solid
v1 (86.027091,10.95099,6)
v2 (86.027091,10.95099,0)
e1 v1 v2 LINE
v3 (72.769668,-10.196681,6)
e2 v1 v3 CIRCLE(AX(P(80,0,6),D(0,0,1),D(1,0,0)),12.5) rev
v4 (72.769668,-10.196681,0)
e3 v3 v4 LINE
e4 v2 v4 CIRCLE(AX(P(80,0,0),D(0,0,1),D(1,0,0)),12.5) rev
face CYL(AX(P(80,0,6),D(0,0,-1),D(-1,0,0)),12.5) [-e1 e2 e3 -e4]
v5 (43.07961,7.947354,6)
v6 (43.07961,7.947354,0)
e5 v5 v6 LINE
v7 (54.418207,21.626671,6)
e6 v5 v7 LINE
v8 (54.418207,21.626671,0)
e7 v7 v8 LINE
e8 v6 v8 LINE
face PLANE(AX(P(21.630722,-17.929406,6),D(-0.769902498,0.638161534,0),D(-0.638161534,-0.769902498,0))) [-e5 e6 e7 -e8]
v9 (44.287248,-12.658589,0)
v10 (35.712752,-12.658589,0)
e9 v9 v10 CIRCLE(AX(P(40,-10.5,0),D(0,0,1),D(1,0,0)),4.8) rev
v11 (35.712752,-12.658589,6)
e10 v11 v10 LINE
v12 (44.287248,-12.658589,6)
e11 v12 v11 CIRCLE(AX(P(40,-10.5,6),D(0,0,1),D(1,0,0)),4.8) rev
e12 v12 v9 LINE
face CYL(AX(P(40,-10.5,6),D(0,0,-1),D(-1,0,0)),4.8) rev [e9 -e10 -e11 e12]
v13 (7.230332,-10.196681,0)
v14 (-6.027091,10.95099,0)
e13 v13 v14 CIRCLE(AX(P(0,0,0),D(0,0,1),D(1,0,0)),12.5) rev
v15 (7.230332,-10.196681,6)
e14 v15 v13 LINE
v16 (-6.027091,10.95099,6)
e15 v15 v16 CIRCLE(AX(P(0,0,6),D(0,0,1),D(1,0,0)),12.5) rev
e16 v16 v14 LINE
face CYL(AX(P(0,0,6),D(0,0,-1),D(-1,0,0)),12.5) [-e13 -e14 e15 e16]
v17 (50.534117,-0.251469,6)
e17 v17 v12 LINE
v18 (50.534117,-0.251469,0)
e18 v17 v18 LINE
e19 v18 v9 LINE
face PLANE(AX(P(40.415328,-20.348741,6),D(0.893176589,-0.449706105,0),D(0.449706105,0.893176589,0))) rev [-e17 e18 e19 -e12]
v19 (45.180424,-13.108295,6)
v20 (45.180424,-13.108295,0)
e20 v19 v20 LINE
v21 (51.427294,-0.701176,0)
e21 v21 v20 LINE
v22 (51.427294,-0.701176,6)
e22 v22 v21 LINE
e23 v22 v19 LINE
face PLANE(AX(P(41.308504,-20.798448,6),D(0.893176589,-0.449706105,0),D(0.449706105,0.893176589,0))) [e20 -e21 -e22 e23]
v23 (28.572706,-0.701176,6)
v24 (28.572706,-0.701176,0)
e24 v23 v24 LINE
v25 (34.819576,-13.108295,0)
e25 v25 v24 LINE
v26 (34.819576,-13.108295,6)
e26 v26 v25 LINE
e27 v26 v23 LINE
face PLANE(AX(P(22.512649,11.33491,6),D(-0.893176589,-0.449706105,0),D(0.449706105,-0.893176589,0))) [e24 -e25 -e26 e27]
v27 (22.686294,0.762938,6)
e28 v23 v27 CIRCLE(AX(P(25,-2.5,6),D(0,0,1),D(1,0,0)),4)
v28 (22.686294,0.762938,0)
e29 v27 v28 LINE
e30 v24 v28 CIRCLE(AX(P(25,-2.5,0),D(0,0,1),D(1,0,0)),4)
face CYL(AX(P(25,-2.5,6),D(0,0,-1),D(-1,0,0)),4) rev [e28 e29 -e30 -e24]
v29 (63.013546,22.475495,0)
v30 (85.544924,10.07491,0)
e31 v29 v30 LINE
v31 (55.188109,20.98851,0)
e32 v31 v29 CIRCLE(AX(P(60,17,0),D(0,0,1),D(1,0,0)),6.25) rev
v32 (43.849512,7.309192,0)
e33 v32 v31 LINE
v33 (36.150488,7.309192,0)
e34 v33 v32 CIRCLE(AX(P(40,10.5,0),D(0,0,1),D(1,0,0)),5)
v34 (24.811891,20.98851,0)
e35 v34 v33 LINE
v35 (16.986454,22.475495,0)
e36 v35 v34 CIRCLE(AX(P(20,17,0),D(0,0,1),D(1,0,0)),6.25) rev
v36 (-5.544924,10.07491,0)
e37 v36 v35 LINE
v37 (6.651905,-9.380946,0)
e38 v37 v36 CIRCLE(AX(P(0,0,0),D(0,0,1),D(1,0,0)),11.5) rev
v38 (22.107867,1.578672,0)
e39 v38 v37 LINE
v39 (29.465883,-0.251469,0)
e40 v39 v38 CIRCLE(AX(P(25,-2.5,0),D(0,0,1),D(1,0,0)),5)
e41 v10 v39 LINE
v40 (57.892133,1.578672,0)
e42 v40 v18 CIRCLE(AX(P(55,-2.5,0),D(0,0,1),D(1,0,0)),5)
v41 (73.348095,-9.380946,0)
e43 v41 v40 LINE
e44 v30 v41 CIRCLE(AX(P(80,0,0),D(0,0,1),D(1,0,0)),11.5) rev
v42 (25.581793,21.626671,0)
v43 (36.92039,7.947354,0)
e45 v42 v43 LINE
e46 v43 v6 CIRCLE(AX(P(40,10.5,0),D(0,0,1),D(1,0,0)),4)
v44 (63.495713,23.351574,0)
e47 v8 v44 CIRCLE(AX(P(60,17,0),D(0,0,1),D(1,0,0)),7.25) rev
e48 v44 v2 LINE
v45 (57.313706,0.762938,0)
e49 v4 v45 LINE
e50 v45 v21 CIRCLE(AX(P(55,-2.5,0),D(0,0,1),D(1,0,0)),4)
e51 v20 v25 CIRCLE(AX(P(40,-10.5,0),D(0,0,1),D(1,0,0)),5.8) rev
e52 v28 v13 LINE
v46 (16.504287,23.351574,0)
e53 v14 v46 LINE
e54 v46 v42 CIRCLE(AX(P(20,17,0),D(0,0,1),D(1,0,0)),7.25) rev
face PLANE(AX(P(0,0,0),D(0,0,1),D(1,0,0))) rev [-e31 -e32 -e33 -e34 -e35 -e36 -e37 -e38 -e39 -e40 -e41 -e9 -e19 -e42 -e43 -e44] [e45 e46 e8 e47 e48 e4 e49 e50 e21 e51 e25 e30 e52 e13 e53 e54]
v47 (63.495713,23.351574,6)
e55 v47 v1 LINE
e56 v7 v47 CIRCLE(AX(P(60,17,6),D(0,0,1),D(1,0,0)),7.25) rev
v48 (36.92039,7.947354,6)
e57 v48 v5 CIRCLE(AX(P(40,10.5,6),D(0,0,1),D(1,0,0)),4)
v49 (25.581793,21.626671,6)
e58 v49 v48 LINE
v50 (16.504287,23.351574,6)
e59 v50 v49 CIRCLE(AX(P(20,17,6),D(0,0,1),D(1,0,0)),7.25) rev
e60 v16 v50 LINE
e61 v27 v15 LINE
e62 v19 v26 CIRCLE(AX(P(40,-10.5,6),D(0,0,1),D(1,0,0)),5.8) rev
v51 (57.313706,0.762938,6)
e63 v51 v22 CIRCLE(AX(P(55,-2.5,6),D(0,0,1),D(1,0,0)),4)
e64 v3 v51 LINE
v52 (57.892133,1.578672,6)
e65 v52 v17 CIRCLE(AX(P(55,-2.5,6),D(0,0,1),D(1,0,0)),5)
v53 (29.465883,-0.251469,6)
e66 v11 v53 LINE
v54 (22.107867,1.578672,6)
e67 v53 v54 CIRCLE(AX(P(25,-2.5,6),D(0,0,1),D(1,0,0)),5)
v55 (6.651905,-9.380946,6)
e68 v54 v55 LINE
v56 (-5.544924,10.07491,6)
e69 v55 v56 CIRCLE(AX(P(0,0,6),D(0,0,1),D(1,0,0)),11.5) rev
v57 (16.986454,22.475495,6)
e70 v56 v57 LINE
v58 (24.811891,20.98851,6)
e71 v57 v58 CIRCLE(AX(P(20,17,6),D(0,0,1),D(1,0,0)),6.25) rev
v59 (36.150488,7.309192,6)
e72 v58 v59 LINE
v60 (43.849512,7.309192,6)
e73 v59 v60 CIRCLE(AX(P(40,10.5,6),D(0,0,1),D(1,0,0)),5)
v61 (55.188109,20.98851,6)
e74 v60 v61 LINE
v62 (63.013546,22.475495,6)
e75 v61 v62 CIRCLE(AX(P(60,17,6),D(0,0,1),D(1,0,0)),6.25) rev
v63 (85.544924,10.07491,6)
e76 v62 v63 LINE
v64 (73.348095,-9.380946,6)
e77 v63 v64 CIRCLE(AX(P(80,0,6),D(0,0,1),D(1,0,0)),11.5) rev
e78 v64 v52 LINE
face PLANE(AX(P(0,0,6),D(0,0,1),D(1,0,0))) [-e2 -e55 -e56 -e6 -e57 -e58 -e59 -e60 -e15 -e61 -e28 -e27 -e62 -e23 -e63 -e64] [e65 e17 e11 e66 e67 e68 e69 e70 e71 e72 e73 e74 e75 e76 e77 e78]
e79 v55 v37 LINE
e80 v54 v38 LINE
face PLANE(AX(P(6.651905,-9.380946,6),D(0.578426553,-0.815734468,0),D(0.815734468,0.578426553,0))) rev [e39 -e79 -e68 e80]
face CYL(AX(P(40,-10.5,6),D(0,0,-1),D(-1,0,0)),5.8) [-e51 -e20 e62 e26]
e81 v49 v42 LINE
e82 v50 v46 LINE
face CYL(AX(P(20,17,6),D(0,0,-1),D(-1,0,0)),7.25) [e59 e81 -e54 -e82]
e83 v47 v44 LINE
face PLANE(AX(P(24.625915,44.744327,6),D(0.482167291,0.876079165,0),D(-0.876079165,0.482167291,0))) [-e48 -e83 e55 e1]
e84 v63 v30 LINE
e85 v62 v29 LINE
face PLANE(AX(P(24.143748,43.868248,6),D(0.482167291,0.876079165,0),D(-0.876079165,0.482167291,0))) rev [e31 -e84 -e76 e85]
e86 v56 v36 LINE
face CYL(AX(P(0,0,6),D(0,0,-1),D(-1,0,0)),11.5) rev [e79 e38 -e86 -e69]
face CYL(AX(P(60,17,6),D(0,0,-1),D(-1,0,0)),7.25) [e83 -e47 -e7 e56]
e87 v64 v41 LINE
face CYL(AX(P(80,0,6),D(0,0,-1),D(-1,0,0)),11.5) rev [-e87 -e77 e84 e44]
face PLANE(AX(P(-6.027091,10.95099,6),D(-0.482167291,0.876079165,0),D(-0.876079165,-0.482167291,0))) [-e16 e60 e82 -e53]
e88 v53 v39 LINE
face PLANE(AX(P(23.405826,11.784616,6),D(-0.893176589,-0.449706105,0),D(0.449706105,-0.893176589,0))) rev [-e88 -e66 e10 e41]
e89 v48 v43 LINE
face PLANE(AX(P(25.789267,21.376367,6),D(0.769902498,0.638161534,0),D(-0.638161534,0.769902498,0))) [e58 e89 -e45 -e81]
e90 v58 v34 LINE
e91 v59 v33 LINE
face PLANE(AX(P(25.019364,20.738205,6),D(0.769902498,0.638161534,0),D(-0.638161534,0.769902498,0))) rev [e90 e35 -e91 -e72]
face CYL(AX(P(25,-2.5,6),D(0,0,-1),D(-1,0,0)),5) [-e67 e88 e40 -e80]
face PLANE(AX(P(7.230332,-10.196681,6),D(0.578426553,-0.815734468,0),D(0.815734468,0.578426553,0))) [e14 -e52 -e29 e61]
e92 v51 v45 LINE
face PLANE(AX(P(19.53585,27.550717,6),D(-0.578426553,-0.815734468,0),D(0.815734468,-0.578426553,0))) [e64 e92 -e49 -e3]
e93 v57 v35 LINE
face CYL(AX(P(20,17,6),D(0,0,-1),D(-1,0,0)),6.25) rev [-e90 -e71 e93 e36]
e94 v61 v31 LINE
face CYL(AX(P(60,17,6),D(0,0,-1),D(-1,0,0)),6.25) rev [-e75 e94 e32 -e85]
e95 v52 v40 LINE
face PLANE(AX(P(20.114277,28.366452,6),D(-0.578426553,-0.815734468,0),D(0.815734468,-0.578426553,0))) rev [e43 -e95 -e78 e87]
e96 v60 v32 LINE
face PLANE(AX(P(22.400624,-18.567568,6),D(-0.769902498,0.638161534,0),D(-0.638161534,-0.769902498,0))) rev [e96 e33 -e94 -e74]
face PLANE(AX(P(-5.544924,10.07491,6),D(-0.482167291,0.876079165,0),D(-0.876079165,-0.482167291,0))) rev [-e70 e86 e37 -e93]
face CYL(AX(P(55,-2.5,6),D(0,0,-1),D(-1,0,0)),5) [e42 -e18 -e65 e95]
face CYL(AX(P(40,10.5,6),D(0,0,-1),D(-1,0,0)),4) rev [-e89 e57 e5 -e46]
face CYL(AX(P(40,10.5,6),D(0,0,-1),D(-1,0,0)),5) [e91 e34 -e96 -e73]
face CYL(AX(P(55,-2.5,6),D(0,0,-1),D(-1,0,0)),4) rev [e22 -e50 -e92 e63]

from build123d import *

# Parameters (mm, degrees)
SALIENTE_EXTRUIR1_DEPTH = 6


with BuildPart() as part:
    # Croquis1 → Saliente-Extruir1 (new body)
    with BuildSketch(Plane.XY):
        with BuildLine():
            ThreePointArc((7.230331915, -10.196680852), (-10.590936603, -6.639432345), (-6.027091132, 10.950989567))
            Line((-6.027091132, 10.950989567), (16.504287144, 23.351573949))
            ThreePointArc((16.504287144, 23.351573949), (21.353423494, 24.122551849), (25.581793113, 21.626671118))
            Line((25.581793113, 21.626671118), (36.920390006, 7.947353866))
            ThreePointArc((36.920390006, 7.947353866), (40, 6.5), (43.079609994, 7.947353866))
            Line((43.079609994, 7.947353866), (54.418206887, 21.626671118))
            ThreePointArc((54.418206887, 21.626671118), (58.646576506, 24.122551849), (63.495712856, 23.351573949))
            Line((63.495712856, 23.351573949), (86.027091132, 10.950989567))
            ThreePointArc((86.027091132, 10.950989567), (90.590936603, -6.639432345), (72.769668085, -10.196680852))
            Line((72.769668085, -10.196680852), (57.313706213, 0.762937873))
            ThreePointArc((57.313706213, 0.762937873), (54.034506659, 1.381729332), (51.427293643, -0.701175581))
            Line((51.427293643, -0.701175581), (45.180424217, -13.108295407))
            ThreePointArc((45.180424217, -13.108295407), (40, -16.3), (34.819575783, -13.108295407))
            Line((34.819575783, -13.108295407), (28.572706357, -0.701175581))
            ThreePointArc((28.572706357, -0.701175581), (25.965493341, 1.381729332), (22.686293787, 0.762937873))
            Line((22.686293787, 0.762937873), (7.230331915, -10.196680852))
        make_face()
        with BuildLine():
            Line((35.712752372, -12.658589302), (29.465882946, -0.251469477))
            ThreePointArc((29.465882946, -0.251469477), (26.206866677, 2.352161665), (22.107867234, 1.578672341))
            Line((22.107867234, 1.578672341), (6.651905362, -9.380946384))
            ThreePointArc((6.651905362, -9.380946384), (-9.743661675, -6.108277758), (-5.544923841, 10.074910401))
            Line((-5.544923841, 10.074910401), (16.986454434, 22.475494783))
            ThreePointArc((16.986454434, 22.475494783), (21.166744391, 23.140130905), (24.811890615, 20.988509585))
            Line((24.811890615, 20.988509585), (36.150487508, 7.309192332))
            ThreePointArc((36.150487508, 7.309192332), (40, 5.5), (43.849512492, 7.309192332))
            Line((43.849512492, 7.309192332), (55.188109385, 20.988509585))
            ThreePointArc((55.188109385, 20.988509585), (58.833255609, 23.140130905), (63.013545566, 22.475494783))
            Line((63.013545566, 22.475494783), (85.544923841, 10.074910401))
            ThreePointArc((85.544923841, 10.074910401), (89.743661675, -6.108277758), (73.348094638, -9.380946384))
            Line((73.348094638, -9.380946384), (57.892132766, 1.578672341))
            ThreePointArc((57.892132766, 1.578672341), (53.793133323, 2.352161665), (50.534117054, -0.251469477))
            Line((50.534117054, -0.251469477), (44.287247628, -12.658589302))
            ThreePointArc((44.287247628, -12.658589302), (40, -15.3), (35.712752372, -12.658589302))
        make_face(mode=Mode.SUBTRACT)
    extrude(amount=SALIENTE_EXTRUIR1_DEPTH)


solid = part.part
